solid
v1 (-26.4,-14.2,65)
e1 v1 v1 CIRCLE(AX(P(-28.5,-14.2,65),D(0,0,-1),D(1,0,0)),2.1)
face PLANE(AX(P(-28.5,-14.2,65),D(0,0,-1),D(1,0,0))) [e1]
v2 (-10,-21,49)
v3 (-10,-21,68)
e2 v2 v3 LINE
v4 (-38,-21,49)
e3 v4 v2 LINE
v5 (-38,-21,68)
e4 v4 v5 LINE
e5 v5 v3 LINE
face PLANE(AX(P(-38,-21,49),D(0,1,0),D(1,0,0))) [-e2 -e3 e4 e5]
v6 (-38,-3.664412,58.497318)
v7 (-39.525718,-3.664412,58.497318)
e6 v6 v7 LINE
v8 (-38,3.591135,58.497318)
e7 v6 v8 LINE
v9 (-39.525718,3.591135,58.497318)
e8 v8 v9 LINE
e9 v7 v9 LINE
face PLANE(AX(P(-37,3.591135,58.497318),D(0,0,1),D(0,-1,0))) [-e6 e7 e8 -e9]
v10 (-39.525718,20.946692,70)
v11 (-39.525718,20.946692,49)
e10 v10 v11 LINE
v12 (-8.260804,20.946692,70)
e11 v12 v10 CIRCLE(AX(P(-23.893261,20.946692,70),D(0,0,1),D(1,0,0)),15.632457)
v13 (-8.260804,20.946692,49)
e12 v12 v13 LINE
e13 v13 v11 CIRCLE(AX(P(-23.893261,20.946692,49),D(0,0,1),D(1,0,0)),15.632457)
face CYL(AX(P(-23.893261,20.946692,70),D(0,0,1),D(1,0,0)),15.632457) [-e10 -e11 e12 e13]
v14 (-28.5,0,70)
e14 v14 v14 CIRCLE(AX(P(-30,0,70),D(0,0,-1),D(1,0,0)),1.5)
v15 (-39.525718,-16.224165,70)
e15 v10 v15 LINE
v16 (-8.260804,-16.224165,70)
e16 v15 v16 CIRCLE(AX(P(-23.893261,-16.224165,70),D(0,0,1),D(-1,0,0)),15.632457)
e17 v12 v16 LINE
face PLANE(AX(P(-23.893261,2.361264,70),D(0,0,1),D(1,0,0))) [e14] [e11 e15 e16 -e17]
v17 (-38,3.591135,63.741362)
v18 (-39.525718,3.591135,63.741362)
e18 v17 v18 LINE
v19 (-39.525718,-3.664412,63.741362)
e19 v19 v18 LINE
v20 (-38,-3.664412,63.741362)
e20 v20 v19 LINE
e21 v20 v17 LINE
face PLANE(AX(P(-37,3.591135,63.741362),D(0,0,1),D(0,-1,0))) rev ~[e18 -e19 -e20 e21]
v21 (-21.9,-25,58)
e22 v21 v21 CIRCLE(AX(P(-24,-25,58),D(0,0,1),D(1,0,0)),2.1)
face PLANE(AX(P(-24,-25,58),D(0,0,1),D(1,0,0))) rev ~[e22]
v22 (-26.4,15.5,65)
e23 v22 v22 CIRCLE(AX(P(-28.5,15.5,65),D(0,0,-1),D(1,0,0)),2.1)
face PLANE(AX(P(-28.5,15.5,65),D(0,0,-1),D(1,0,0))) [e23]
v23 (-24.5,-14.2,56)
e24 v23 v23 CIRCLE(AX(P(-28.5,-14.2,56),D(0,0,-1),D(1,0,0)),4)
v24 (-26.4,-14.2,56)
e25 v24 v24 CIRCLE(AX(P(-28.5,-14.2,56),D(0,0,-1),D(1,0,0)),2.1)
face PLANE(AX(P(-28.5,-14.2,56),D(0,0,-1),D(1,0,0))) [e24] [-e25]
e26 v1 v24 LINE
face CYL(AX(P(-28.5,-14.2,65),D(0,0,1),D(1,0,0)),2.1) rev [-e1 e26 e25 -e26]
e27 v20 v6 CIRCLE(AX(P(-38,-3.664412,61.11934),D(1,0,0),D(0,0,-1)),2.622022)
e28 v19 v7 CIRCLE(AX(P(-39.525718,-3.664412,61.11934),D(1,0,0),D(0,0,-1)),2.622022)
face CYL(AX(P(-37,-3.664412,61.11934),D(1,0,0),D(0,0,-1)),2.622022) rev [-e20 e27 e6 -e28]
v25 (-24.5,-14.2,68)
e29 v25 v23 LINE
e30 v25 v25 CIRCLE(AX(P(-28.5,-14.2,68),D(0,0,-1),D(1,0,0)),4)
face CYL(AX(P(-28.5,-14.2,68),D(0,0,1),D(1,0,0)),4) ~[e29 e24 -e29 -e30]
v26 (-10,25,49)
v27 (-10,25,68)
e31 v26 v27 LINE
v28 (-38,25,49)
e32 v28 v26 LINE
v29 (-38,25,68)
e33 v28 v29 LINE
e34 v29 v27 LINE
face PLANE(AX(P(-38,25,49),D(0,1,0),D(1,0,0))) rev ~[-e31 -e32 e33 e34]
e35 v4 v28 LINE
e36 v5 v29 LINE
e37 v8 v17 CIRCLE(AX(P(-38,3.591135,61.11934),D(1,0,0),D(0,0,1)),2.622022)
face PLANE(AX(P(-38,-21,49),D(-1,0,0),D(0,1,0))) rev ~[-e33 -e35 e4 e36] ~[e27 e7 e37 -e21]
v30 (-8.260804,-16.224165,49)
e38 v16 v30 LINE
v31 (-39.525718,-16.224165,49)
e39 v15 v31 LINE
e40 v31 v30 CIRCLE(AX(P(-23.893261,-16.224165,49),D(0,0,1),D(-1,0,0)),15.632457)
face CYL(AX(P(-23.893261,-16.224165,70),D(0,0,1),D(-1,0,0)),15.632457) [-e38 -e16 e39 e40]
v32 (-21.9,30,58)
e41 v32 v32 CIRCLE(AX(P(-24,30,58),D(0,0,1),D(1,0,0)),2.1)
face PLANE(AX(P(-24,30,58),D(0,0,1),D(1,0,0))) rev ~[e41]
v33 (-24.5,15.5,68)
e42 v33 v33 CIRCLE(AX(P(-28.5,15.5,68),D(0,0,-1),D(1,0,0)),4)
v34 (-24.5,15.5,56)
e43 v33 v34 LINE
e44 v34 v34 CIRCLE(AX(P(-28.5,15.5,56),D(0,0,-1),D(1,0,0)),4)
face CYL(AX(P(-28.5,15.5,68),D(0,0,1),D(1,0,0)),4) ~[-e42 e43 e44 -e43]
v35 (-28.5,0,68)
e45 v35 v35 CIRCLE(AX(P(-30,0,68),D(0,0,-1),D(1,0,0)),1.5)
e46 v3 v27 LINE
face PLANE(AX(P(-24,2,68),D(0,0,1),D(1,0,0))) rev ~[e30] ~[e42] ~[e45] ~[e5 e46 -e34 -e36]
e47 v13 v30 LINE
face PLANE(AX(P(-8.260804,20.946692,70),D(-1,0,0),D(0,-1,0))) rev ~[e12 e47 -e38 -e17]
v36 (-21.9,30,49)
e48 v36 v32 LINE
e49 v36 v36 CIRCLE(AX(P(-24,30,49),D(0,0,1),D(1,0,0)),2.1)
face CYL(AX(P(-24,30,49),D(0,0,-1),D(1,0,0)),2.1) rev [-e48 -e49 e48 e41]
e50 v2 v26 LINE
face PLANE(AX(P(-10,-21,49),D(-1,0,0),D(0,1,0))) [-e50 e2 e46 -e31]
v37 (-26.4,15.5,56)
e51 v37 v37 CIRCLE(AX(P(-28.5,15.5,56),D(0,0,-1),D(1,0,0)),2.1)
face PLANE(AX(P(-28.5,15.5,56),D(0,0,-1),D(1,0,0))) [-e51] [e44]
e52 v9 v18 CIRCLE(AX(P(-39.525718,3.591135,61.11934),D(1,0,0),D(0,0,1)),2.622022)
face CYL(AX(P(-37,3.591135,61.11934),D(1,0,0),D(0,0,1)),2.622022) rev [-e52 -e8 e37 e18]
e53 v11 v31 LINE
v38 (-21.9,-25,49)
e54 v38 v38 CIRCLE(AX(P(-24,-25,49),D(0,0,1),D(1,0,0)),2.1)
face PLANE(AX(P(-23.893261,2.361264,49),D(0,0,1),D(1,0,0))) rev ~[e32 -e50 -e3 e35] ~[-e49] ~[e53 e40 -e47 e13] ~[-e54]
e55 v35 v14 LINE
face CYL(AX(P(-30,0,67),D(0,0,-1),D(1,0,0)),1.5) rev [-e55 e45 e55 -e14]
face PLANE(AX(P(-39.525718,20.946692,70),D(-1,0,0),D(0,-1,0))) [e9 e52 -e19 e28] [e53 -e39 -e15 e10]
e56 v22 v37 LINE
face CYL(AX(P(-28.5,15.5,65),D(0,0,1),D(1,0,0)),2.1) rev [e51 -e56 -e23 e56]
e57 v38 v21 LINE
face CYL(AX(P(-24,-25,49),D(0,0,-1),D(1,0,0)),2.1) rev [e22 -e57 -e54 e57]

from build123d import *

# Parameters (mm, degrees)
CYLINDER025_R              = 1.5
CYLINDER025_DEPTH          = 4
CYLINDER020_R              = 2.1
CYLINDER020_DEPTH          = 9
CYLINDER019_R              = 4
CYLINDER019_DEPTH          = 12
CUT015_PLACEMENT_ANGLE     = 180
CYLINDER022_R              = 2.1
CYLINDER022_DEPTH          = 9
EXTRUDE005_DEPTH           = 3
EXTRUDE005_PLACEMENT_ANGLE = 270
CYLINDER021_R              = 2.1
CYLINDER021_DEPTH          = 9
BOX_W                      = 28
BOX_H                      = 46
BOX_DEPTH                  = 19
EXTRUDE009_DEPTH           = 21


with BuildPart() as ledhold001:
    # Cylinder025 → Cylinder025 (new body)
    with BuildSketch(Plane(origin=(-30, 0, 67), x_dir=(1, 0, 0), z_dir=(0, 0, 1))):
        Circle(CYLINDER025_R)
    extrude(amount=CYLINDER025_DEPTH)


with BuildPart() as insert006:
    # Cylinder020 → Cylinder020 (new body)
    with BuildSketch(Plane(origin=(5.5, -0.5, 1), x_dir=(1, 0, 0), z_dir=(0, 0, 1))):
        Circle(CYLINDER020_R)
    extrude(amount=CYLINDER020_DEPTH)


with BuildPart() as cpusupport001:
    # Cylinder019 → Cylinder019 (new body)
    with BuildSketch(Plane(origin=(5.5, -0.5, -2), x_dir=(1, 0, 0), z_dir=(0, 0, 1))):
        Circle(CYLINDER019_R)
    extrude(amount=CYLINDER019_DEPTH)

    # Cut015: cut insert006
    add(insert006.part, mode=Mode.SUBTRACT)


with BuildPart() as cpusupport001_1:
    # Cut015 placement: moved
    add(cpusupport001.part.moved(Location((-34, -14.7, 66))).rotate(Axis((-34, -14.7, 66), (1, 0, 0)), CUT015_PLACEMENT_ANGLE))


with BuildPart() as cpusupport002:
    # Clone006 base: copy of cpuSupport001
    add(cpusupport001_1.part)


with BuildPart() as cpusupport002_1:
    # Clone006 placement: moved
    add(cpusupport002.part.moved(Location((0, 29.7, 0))))


with BuildPart() as insert008:
    # Cylinder022 → Cylinder022 (new body)
    with BuildSketch(Plane(origin=(-24, -25, 49), x_dir=(1, 0, 0), z_dir=(0, 0, 1))):
        Circle(CYLINDER022_R)
    extrude(amount=CYLINDER022_DEPTH)


with BuildPart() as usbextrude001:
    # Sketch005 → Extrude005 (new body)
    with BuildSketch(Plane(origin=(-2, -1, -5), x_dir=(1, 0, 0), z_dir=(0, -1, 0))):
        with BuildLine():
            ThreePointArc((16.408865, 14.741362), (13.786843, 12.11934), (16.408865, 9.497318))
            Line((16.408865, 9.497318), (23.664412, 9.497318))
            ThreePointArc((23.664412, 9.497318), (26.286434, 12.11934), (23.664412, 14.741362))
            Line((16.408865, 14.741362), (23.664412, 14.741362))
        make_face()
    extrude(amount=EXTRUDE005_DEPTH)


with BuildPart() as usbextrude001_1:
    # Extrude005 placement: moved
    add(usbextrude001.part.moved(Location((-36, 18, 54))).rotate(Axis((-36, 18, 54), (0, 0, 1)), EXTRUDE005_PLACEMENT_ANGLE))


with BuildPart() as fusion001:
    # Cylinder021 → Cylinder021 (new body)
    with BuildSketch(Plane(origin=(-24, 30, 49), x_dir=(1, 0, 0), z_dir=(0, 0, 1))):
        Circle(CYLINDER021_R)
    extrude(amount=CYLINDER021_DEPTH)

    # Fusion001: union insert008, usbExtrude001
    add(insert008.part)
    add(usbextrude001_1.part)


with BuildPart() as inner001:
    # Box → Box (new body)
    with BuildSketch(Plane(origin=(-38, -21, 49), x_dir=(1, 0, 0), z_dir=(0, 0, 1))):
        with Locations((14, 23)):
            Rectangle(BOX_W, BOX_H)
    extrude(amount=BOX_DEPTH)


with BuildPart() as fullcase002:
    # Sketch006 (on Face6 of Box) → Extrude009 (new body)
    with BuildSketch(Plane(origin=(-38, -21, 70), x_dir=(1, 0, 0), z_dir=(0, 0, 1))):
        with BuildLine():
            ThreePointArc((29.739196, 41.946692), (14.106739, 57.579149), (-1.525718, 41.946692))
            Line((-1.525718, 41.946692), (-1.525718, 4.775835))
            ThreePointArc((-1.525718, 4.775835), (14.106739, -10.856622), (29.739196, 4.775835))
            Line((29.739196, 41.946692), (29.739196, 4.775835))
        make_face()
    extrude(amount=-EXTRUDE009_DEPTH)

    # Cut016: cut inner001
    add(inner001.part, mode=Mode.SUBTRACT)

    # Cut017: cut Fusion001
    add(fusion001.part, mode=Mode.SUBTRACT)

    # Fusion002: union cpuSupport002, cpuSupport001
    add(cpusupport002_1.part)
    add(cpusupport001_1.part)

    # Cut019: cut ledHold001
    add(ledhold001.part, mode=Mode.SUBTRACT)


solid = fullcase002.part
